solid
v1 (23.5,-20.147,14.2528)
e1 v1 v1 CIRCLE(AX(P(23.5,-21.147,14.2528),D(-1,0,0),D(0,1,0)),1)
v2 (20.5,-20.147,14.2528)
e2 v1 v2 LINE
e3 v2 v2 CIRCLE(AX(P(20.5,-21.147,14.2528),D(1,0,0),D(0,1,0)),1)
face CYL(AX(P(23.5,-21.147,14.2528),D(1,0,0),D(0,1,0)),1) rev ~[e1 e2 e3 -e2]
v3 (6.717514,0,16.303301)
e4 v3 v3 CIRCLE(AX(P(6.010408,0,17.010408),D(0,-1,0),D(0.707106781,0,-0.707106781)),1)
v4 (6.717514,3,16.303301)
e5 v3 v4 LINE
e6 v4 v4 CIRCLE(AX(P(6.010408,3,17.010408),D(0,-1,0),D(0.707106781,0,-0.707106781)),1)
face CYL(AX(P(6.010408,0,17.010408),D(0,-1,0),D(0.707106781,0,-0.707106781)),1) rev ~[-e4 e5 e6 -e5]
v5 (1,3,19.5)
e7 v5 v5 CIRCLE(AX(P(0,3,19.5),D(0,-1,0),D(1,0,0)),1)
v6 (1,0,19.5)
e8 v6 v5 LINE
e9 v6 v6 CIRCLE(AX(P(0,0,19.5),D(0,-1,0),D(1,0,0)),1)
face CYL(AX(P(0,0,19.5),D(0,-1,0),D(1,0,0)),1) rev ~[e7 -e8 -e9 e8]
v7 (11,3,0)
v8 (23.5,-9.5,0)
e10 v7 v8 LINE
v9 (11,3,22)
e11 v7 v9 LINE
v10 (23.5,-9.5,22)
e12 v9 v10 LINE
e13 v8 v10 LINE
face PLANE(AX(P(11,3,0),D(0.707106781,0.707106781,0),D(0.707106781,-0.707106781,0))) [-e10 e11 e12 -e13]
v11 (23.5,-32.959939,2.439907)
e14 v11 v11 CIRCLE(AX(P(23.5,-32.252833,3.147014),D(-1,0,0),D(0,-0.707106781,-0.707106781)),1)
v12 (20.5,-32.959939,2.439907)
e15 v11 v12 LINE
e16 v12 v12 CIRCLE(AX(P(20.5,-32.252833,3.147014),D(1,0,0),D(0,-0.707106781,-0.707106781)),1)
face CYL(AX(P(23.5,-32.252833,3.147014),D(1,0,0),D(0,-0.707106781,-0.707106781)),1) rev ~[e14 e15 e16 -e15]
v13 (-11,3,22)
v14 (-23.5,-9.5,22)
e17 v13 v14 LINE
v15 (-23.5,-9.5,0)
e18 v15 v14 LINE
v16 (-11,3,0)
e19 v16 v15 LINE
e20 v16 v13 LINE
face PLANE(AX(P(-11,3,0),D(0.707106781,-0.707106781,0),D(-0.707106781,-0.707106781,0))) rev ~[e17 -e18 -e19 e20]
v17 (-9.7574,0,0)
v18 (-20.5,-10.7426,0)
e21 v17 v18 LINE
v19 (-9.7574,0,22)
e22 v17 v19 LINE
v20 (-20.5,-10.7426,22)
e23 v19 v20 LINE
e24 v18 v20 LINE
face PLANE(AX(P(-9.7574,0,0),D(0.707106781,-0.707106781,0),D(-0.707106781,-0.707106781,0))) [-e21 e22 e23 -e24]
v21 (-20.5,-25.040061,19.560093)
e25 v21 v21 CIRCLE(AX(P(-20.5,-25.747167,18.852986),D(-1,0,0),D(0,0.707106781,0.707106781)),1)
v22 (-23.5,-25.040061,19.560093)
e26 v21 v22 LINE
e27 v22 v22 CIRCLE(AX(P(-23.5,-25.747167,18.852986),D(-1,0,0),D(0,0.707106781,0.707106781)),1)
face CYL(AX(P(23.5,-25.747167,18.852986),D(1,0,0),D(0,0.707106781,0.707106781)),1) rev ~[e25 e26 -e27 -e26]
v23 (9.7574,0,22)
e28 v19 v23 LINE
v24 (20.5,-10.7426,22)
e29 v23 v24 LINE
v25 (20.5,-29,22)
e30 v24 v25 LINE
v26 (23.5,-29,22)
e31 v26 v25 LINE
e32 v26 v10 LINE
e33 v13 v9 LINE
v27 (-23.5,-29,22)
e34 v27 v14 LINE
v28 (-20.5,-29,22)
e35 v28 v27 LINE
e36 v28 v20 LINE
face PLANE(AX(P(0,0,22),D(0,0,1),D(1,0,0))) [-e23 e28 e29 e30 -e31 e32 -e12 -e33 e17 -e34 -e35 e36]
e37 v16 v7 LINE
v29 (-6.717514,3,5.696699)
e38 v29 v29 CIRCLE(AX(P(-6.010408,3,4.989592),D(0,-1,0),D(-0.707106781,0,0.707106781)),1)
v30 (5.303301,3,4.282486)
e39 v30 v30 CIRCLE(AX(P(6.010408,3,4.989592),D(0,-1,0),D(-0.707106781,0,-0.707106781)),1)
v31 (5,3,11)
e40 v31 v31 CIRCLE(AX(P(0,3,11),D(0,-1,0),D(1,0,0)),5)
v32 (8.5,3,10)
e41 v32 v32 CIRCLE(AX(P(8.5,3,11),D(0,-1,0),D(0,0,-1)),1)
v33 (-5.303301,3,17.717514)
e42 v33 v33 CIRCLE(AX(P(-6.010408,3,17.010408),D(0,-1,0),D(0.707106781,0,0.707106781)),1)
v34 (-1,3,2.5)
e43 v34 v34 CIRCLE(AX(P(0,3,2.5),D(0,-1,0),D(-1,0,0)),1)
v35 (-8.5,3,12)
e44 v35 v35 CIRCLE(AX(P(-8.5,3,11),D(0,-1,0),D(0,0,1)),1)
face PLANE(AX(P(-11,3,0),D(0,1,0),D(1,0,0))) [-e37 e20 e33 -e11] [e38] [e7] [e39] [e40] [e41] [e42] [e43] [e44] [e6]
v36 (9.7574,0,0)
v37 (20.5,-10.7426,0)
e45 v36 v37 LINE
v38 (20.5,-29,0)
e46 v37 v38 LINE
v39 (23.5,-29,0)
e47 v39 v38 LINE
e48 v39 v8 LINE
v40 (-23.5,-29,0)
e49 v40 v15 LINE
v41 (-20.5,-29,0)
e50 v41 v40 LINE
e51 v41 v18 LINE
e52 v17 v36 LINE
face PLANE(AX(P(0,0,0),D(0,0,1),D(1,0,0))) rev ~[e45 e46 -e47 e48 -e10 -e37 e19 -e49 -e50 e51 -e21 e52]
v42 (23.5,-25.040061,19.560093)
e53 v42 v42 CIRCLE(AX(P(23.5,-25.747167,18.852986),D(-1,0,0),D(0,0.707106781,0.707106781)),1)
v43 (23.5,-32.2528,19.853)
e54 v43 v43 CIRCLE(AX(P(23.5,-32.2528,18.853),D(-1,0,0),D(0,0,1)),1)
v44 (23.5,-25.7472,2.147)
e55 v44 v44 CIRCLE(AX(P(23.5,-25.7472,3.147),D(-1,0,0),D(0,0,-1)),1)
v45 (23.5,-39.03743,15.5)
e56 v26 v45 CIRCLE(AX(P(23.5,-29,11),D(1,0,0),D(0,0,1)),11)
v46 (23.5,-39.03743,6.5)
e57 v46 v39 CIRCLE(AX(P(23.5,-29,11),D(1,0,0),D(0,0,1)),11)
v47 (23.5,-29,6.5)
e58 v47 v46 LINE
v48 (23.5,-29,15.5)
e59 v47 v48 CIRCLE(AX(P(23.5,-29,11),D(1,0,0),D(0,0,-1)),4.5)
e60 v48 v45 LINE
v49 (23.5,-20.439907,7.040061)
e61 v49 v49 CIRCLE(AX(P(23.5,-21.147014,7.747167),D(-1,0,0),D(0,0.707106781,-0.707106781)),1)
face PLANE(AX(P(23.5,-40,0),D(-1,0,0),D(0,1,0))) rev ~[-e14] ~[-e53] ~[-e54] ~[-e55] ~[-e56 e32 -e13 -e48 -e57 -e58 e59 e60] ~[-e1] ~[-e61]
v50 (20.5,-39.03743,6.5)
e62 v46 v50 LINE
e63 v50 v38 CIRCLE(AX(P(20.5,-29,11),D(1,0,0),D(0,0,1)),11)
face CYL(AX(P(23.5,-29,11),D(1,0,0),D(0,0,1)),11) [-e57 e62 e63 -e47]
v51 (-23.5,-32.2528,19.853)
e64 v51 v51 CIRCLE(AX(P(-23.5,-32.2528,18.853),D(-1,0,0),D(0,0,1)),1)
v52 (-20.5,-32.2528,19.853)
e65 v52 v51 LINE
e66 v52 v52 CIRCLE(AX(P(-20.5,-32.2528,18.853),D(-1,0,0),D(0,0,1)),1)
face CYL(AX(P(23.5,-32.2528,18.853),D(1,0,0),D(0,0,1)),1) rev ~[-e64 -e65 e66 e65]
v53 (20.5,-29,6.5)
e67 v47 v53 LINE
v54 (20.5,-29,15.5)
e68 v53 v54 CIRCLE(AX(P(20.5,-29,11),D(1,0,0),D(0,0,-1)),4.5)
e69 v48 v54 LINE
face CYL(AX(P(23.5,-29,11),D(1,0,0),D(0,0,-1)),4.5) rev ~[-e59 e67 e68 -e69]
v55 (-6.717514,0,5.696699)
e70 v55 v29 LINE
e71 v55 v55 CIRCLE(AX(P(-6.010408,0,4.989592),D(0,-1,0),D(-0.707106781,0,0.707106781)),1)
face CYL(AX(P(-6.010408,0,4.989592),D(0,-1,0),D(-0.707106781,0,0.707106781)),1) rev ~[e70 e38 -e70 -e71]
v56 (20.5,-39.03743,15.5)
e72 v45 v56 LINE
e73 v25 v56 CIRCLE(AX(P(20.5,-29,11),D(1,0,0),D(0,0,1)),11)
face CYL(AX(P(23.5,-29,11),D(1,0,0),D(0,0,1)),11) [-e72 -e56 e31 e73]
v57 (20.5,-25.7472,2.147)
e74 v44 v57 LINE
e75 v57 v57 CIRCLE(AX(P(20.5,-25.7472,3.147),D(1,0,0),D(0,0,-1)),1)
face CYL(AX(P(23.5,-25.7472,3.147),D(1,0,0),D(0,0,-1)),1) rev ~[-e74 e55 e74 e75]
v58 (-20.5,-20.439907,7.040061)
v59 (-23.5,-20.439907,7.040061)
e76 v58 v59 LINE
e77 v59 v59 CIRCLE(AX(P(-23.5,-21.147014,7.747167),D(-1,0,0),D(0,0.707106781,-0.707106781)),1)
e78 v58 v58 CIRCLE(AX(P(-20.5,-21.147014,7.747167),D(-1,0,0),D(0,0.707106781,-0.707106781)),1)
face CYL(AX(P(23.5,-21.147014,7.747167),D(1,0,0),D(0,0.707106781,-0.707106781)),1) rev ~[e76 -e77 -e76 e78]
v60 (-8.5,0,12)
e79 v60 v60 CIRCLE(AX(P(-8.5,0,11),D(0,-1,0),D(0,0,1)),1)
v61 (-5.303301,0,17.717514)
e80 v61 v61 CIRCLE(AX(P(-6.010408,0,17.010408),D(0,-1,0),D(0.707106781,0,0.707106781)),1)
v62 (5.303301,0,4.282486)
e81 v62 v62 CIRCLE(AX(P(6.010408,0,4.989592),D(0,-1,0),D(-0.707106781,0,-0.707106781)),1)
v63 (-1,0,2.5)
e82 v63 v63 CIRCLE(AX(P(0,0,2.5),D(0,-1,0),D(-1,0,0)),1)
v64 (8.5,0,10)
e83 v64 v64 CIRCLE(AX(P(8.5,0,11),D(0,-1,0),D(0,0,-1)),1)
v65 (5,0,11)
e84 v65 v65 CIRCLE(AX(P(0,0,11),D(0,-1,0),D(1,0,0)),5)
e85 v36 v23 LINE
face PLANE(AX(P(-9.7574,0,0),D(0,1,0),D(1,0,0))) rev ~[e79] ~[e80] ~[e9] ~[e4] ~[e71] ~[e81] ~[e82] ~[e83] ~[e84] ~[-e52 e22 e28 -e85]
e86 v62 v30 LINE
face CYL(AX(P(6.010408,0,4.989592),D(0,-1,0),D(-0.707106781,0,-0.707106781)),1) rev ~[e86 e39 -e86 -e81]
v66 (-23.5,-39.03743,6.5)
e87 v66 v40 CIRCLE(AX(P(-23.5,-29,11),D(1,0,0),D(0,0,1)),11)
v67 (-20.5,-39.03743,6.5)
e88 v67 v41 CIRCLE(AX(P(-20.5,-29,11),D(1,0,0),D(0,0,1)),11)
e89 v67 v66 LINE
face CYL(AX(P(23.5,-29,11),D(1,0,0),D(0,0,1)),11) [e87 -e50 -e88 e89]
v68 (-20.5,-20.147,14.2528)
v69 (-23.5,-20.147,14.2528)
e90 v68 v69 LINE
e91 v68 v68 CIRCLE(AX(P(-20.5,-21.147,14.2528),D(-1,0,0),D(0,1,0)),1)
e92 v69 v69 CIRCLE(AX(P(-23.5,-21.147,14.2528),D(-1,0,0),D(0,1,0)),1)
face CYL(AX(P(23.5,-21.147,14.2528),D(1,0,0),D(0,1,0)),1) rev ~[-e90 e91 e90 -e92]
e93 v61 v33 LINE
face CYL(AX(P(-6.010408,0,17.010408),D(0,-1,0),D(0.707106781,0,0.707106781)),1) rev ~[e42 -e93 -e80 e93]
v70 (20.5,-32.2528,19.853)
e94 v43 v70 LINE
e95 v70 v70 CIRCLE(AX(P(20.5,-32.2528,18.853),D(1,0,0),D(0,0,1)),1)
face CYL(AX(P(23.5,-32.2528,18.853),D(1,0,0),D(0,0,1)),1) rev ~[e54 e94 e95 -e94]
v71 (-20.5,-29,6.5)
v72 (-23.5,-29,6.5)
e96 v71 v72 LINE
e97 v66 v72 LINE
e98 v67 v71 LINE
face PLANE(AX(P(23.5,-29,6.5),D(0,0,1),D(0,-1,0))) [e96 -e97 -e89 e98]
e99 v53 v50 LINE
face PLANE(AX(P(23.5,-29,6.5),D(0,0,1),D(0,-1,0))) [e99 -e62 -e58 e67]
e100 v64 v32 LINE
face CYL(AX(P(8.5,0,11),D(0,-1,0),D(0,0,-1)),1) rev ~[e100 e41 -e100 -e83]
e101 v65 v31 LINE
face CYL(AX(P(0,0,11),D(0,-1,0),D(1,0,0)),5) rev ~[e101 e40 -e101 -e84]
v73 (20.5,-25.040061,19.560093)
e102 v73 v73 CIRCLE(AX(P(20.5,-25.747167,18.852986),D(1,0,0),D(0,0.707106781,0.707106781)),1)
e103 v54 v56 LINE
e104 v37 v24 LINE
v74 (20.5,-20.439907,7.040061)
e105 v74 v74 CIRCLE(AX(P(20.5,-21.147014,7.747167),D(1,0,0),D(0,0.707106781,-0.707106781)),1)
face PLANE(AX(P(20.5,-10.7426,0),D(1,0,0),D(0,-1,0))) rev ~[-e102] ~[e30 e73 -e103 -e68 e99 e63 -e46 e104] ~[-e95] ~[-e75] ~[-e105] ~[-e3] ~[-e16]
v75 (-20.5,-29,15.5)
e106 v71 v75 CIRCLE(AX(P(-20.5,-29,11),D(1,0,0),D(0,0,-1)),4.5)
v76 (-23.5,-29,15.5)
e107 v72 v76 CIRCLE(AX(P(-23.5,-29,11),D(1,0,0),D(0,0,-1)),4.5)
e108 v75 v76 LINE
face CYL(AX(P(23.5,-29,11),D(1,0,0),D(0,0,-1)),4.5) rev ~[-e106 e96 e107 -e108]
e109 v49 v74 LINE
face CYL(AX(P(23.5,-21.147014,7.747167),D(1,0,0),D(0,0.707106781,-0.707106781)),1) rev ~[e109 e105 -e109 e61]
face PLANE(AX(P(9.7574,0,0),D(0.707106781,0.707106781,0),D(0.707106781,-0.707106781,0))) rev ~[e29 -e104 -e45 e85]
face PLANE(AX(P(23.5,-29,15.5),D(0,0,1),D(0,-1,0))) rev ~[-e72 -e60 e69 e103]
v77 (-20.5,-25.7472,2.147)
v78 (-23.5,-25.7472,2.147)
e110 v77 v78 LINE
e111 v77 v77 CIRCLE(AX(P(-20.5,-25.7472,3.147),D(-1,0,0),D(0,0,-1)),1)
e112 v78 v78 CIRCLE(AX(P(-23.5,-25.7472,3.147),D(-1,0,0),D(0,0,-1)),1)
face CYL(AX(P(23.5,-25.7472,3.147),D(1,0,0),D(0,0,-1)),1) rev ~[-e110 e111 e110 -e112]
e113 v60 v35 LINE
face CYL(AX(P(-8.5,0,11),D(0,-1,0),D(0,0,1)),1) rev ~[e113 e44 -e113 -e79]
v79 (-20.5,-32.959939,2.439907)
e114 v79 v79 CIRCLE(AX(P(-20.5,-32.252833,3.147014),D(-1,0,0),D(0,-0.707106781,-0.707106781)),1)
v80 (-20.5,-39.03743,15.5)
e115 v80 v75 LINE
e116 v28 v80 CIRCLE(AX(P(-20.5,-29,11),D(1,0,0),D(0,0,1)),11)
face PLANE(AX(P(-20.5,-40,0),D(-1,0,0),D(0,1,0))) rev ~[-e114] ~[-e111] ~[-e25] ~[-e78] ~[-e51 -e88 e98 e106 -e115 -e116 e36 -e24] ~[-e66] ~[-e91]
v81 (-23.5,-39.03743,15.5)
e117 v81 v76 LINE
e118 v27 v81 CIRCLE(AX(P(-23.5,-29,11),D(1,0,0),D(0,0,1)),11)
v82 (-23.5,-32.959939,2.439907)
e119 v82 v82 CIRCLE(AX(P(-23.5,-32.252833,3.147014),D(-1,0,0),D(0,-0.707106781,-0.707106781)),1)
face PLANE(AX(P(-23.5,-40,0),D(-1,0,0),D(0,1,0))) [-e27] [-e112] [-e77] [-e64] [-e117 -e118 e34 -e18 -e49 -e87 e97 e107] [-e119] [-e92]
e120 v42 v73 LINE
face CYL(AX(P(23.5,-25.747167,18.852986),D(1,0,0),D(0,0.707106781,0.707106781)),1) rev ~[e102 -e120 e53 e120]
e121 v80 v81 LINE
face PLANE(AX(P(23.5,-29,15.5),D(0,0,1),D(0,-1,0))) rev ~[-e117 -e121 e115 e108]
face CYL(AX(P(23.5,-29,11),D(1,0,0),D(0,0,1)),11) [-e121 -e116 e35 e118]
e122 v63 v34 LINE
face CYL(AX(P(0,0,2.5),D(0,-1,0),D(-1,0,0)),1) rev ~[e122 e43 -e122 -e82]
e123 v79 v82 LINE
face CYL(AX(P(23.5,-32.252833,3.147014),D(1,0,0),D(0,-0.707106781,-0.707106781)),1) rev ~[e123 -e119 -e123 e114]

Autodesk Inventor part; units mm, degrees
ref_plane "YZ Plane" through (0, 0, 0) normal (1, 0, 0) x (0, 1, 0)
ref_plane "XZ Plane" through (0, 0, 0) normal (0, 1, 0) x (-1, 0, 0)
ref_plane "XY Plane" through (0, 0, 0) normal (0, 0, 1) x (1, 0, 0)
sketch "Sketch1" plane through (0, 0, 0) normal (0, 0, 1) x (1, 0, 0)
  line L0 (-20.5, -40) -> (-20.5, -10.7426)
  line L1 (-9.7574, 0) -> (9.7574, 0)
  line L2 (20.5, -10.7426) -> (20.5, -40)
  line L3 (20.5, -40) -> (23.5, -40)
  line L4 (23.5, -40) -> (23.5, -9.5)
  line L5 (-20.5, -40) -> (-23.5, -40)
  line L6 (-23.5, -40) -> (-23.5, -9.5)
  line L7 (-11, 3) -> (11, 3)
  line L8 (-11, 3) -> (-23.5, -9.5)
  line L9 (-9.7574, 0) -> (-20.5, -10.7426)
  line L10 (11, 3) -> (23.5, -9.5)
  line L11 (9.7574, 0) -> (20.5, -10.7426)
  point P0 (0, 0)
extrude "Extrusion1" add sketch "Sketch1" along normal blind 22
sketch "Sketch2" plane through (23.5, -40, 0) normal (1, 0, 0) x (0, 0, -1)
  line L0 (-22, 30.5) -> (-22, 0) projected
  line L1 (0, 0) -> (-22, 0) projected
  line L2 (0, 0) -> (0, 30.5) projected
  line L3 (0, 30.5) -> (-22, 30.5) projected
  arc A0 (-22, 11) -> (0, 11) centre (-11, 11) ccw
  line L4 (-22, 29.2574) -> (-22, 0) projected
  line L5 (-22, 11) -> (-22, -1)
  line L6 (-22, -1) -> (0, -1)
  line L7 (0, -1) -> (0, 11)
  line L8 (0, 0) -> (0, 29.2574) projected
  circle A1 centre (-11, 11) radius 4.5
  line L9 (-15.5, 11) -> (-15.5, -1)
  line L10 (-6.5, 11) -> (-6.5, -1)
  point P0 (0, 40)
  dimension "d2" = 22
  dimension "d3" = 11
  dimension "d4" = 9
extrude "Extrusion2" cut sketch "Sketch2" against normal through all contours A0 L9 L1 L0 | L1 L9 L6 L5 | L9 A1 L10 A0 | A0 L1 L9 | L2 L1 L10 A0 | L1 L10 L6 L9 | A0 L10 L1 | A1 | L7 L6 L10 L1
sketch "Sketch3" plane through (-9.7574, 0, 0) normal (0, -1, 0) x (1, 0, 0)
  circle A0 centre (9.7574, 11) radius 5
  point P0 (9.7574, 0)
  dimension "d7" = 10
extrude "Extrusion3" cut sketch "Sketch3" against normal through all
sketch "Sketch4" plane through (23.5, -9.5, 22) normal (1, 0, 0) x (0, 0, -1)
  arc A0 (15.5, -29.5374) -> (22, -19.5) centre (11, -19.5) ccw projected
  line L0 (11, -19.5) -> (18.853, -16.2472)
  line L1 (11, -19.5) -> (19.5, -19.5) construction
  circle A1 centre (18.853, -16.2472) radius 1
  point P0 (22, 9.5)
  dimension "d10" = 8.5
  dimension "d11" = 22.5
  dimension "d12" = 2
extrude "Extrusion4" cut sketch "Sketch4" against normal through all
pattern_circular "Circular Pattern1" count 8 over 360 about axis through (23.5, -29, 11) along (-1, 0, 0) of "Extrusion4"
sketch "Sketch5" plane through (-9.7574, 0, 0) normal (0, -1, 0) x (1, 0, 0)
  circle A0 centre (9.7574, 11) radius 5 projected
  circle A1 centre (9.7574, 19.5) radius 1
  point P0 (9.7574, 0)
  dimension "d18" = 2
  dimension "d19" = 8.5
extrude "Extrusion5" cut sketch "Sketch5" against normal through all contours A1
pattern_circular "Circular Pattern2" count 8 over 360 about axis through (0, 0, 11) along (0, 1, 0) of "Extrusion5"
properties part number "Waistline" material "Aluminum-6061"
